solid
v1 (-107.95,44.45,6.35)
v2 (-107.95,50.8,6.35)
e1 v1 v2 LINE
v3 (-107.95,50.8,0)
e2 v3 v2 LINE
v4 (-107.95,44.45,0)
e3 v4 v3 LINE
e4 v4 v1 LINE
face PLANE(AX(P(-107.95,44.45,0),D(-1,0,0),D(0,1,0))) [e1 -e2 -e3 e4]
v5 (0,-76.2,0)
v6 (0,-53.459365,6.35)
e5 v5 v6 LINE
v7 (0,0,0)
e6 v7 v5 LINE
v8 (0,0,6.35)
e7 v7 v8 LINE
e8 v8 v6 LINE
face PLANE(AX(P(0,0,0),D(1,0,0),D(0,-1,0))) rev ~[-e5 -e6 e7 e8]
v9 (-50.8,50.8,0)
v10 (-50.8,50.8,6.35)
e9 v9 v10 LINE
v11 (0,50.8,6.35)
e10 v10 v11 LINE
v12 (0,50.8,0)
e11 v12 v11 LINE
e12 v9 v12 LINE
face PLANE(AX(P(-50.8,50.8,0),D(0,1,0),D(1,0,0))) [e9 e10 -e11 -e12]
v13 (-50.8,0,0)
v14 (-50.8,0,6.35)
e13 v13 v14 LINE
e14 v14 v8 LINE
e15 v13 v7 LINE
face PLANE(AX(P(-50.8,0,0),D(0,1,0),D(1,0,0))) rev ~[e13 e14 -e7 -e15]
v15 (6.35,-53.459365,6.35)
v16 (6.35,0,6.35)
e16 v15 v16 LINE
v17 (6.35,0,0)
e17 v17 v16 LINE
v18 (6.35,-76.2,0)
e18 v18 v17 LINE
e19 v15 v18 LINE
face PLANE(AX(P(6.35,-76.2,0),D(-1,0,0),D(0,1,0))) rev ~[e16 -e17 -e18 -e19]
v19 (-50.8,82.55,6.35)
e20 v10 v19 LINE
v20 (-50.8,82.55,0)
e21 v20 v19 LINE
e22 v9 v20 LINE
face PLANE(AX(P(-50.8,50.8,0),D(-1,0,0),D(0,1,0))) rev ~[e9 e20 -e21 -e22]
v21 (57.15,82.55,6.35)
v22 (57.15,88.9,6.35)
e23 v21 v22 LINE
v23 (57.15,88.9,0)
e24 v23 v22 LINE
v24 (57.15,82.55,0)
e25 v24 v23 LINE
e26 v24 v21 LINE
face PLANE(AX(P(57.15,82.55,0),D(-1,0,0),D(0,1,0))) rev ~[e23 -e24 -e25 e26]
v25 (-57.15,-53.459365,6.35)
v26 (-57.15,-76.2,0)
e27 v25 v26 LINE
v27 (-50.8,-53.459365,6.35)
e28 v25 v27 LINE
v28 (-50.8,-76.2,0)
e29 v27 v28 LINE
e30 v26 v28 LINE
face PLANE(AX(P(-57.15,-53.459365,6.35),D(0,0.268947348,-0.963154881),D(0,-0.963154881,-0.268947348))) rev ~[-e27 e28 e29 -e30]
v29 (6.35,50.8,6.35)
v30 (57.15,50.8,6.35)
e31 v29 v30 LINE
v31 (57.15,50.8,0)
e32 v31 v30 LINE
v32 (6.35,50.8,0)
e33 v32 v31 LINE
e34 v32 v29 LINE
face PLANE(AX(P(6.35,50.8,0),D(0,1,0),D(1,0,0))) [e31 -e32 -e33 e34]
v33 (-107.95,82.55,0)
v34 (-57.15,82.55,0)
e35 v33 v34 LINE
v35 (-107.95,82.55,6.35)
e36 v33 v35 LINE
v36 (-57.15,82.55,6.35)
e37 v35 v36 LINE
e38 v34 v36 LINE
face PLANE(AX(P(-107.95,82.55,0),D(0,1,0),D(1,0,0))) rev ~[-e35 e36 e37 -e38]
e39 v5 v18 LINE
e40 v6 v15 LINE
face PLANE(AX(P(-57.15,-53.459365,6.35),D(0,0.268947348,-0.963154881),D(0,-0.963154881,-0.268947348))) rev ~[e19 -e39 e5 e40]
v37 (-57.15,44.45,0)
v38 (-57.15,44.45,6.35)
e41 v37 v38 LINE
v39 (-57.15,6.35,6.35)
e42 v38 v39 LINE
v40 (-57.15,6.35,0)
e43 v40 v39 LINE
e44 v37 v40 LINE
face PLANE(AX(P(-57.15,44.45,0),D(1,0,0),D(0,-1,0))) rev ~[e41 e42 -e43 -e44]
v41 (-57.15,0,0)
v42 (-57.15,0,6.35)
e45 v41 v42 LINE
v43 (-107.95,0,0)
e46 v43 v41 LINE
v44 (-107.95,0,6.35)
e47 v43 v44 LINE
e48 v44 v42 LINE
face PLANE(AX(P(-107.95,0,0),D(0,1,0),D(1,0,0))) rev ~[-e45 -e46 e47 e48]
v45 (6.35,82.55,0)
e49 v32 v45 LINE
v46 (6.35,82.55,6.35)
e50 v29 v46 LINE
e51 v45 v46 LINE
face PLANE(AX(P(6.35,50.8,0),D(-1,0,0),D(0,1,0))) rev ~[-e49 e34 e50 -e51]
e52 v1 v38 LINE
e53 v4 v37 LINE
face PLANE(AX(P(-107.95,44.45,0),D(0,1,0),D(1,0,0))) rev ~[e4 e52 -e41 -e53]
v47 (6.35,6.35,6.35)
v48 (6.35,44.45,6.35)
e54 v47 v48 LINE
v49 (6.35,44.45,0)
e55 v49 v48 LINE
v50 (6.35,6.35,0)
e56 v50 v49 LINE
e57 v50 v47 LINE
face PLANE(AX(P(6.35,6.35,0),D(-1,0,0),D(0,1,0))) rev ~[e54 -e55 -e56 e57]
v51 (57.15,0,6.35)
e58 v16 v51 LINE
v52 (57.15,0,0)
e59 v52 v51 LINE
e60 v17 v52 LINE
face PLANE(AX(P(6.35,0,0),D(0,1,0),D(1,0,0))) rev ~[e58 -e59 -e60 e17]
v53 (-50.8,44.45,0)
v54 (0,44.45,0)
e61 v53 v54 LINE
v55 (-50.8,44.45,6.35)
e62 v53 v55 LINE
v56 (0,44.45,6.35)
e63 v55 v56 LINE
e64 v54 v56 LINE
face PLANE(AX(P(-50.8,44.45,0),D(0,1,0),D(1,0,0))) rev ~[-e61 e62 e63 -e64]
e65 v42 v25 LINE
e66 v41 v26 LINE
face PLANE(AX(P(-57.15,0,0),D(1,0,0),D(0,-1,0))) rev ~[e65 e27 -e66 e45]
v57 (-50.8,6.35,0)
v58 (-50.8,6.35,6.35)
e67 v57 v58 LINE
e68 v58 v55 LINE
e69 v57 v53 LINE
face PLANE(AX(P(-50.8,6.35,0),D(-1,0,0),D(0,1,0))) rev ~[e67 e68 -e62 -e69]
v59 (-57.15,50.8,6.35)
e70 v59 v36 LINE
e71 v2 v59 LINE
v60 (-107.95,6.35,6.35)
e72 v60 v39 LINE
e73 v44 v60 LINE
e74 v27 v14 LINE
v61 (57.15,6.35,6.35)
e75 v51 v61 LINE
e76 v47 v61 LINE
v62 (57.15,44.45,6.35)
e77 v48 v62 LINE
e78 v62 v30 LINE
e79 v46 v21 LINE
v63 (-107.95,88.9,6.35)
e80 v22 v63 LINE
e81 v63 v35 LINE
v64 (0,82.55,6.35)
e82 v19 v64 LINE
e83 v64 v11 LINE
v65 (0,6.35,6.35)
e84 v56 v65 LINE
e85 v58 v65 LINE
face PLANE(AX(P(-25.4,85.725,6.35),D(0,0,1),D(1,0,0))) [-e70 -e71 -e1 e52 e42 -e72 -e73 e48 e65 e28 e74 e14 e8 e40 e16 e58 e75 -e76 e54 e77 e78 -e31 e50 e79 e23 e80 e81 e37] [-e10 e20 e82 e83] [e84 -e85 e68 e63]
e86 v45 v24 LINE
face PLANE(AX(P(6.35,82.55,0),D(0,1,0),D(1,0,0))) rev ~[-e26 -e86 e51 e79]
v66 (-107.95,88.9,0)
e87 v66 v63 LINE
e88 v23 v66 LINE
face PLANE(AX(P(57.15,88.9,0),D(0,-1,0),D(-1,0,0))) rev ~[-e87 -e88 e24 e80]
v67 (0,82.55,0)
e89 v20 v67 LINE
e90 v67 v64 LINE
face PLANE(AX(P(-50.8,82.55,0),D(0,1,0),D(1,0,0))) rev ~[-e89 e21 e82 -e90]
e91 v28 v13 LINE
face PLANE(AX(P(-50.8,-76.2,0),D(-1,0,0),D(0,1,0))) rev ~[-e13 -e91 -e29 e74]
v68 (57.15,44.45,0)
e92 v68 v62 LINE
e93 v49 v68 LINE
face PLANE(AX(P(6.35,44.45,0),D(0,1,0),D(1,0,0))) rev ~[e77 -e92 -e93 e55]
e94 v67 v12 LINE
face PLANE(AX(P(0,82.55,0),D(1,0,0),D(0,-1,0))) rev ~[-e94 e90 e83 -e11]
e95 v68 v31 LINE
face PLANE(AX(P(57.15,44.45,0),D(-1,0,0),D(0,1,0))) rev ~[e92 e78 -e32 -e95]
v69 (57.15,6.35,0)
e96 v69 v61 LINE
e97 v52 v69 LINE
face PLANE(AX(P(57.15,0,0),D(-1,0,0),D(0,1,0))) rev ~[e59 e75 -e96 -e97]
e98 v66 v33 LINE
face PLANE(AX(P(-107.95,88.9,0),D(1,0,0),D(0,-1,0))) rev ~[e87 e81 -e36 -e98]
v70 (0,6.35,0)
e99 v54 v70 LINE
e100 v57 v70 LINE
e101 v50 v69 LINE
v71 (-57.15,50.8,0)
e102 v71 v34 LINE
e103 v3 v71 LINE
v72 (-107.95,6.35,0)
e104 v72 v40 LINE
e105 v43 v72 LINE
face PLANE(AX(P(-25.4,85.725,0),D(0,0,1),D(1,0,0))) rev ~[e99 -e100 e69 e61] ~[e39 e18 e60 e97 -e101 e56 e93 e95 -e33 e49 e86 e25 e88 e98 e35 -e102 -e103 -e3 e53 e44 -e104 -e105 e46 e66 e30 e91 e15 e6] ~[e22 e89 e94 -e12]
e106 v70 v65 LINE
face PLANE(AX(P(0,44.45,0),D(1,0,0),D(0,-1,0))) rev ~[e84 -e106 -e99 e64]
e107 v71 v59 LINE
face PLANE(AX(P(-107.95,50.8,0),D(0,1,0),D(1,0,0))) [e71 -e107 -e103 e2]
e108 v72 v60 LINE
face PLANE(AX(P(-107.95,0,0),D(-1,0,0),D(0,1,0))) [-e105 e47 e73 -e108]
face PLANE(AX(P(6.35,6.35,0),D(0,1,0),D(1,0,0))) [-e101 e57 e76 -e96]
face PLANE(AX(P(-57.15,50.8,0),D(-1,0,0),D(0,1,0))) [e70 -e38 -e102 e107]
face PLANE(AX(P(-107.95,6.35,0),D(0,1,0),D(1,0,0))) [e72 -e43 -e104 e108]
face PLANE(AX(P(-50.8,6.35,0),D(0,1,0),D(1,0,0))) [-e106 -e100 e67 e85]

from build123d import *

# Parameters (mm, degrees)
F0_W     = 6.35
F0_H     = 31.75
F0_W_2   = 50.8
F0_H_2   = 6.35
F0_H_3   = 38.1
F0_H_4   = 76.2
F1_DEPTH = 6.35
F3_DEPTH = 63.5


with BuildPart() as f1:
    # F0 (on Top) → F1 (new body)
    with BuildSketch(Plane.XY):
        Polygon((-50.8, 82.55), (0, 82.55), (6.35, 82.55), (57.15, 82.55), (57.15, 88.9), (-107.95, 88.9), (-107.95, 82.55), (-57.15, 82.55), align=None)
        with Locations((-53.975, 66.675)):
            Rectangle(F0_W, F0_H)
        with Locations((3.175, 66.675)):
            Rectangle(F0_W, F0_H)
        with Locations((31.75, 47.625)):
            Rectangle(F0_W_2, F0_H_2)
        with Locations((3.175, 47.625)):
            Rectangle(F0_W, F0_H_2)
        with Locations((-25.4, 47.625)):
            Rectangle(F0_W_2, F0_H_2)
        with Locations((-82.55, 47.625)):
            Rectangle(F0_W_2, F0_H_2)
        with Locations((-53.975, 47.625)):
            Rectangle(F0_W, F0_H_2)
        with Locations((-53.975, 25.4)):
            Rectangle(F0_W, F0_H_3)
        with Locations((3.175, 25.4)):
            Rectangle(F0_W, F0_H_3)
        with Locations((3.175, -38.1)):
            Rectangle(F0_W, F0_H_4)
        with Locations((3.175, 3.175)):
            Rectangle(F0_W, F0_H_2)
        with Locations((31.75, 3.175)):
            Rectangle(F0_W_2, F0_H_2)
        with Locations((-25.4, 3.175)):
            Rectangle(F0_W_2, F0_H_2)
        with Locations((-53.975, 3.175)):
            Rectangle(F0_W, F0_H_2)
        with Locations((-53.975, -38.1)):
            Rectangle(F0_W, F0_H_4)
        with Locations((-82.55, 3.175)):
            Rectangle(F0_W_2, F0_H_2)
    extrude(amount=F1_DEPTH)

    # F2 (on face) → F3 (cut, through all)
    with BuildSketch(Plane(origin=(-57.15, 0, 0), x_dir=(0, -1, 0), z_dir=(-1, 0, 0))):
        Polygon((53.4593649209, 6.35), (76.2, 0), (76.2, 6.35), align=None)
    extrude(amount=-F3_DEPTH, mode=Mode.SUBTRACT)


solid = f1.part
